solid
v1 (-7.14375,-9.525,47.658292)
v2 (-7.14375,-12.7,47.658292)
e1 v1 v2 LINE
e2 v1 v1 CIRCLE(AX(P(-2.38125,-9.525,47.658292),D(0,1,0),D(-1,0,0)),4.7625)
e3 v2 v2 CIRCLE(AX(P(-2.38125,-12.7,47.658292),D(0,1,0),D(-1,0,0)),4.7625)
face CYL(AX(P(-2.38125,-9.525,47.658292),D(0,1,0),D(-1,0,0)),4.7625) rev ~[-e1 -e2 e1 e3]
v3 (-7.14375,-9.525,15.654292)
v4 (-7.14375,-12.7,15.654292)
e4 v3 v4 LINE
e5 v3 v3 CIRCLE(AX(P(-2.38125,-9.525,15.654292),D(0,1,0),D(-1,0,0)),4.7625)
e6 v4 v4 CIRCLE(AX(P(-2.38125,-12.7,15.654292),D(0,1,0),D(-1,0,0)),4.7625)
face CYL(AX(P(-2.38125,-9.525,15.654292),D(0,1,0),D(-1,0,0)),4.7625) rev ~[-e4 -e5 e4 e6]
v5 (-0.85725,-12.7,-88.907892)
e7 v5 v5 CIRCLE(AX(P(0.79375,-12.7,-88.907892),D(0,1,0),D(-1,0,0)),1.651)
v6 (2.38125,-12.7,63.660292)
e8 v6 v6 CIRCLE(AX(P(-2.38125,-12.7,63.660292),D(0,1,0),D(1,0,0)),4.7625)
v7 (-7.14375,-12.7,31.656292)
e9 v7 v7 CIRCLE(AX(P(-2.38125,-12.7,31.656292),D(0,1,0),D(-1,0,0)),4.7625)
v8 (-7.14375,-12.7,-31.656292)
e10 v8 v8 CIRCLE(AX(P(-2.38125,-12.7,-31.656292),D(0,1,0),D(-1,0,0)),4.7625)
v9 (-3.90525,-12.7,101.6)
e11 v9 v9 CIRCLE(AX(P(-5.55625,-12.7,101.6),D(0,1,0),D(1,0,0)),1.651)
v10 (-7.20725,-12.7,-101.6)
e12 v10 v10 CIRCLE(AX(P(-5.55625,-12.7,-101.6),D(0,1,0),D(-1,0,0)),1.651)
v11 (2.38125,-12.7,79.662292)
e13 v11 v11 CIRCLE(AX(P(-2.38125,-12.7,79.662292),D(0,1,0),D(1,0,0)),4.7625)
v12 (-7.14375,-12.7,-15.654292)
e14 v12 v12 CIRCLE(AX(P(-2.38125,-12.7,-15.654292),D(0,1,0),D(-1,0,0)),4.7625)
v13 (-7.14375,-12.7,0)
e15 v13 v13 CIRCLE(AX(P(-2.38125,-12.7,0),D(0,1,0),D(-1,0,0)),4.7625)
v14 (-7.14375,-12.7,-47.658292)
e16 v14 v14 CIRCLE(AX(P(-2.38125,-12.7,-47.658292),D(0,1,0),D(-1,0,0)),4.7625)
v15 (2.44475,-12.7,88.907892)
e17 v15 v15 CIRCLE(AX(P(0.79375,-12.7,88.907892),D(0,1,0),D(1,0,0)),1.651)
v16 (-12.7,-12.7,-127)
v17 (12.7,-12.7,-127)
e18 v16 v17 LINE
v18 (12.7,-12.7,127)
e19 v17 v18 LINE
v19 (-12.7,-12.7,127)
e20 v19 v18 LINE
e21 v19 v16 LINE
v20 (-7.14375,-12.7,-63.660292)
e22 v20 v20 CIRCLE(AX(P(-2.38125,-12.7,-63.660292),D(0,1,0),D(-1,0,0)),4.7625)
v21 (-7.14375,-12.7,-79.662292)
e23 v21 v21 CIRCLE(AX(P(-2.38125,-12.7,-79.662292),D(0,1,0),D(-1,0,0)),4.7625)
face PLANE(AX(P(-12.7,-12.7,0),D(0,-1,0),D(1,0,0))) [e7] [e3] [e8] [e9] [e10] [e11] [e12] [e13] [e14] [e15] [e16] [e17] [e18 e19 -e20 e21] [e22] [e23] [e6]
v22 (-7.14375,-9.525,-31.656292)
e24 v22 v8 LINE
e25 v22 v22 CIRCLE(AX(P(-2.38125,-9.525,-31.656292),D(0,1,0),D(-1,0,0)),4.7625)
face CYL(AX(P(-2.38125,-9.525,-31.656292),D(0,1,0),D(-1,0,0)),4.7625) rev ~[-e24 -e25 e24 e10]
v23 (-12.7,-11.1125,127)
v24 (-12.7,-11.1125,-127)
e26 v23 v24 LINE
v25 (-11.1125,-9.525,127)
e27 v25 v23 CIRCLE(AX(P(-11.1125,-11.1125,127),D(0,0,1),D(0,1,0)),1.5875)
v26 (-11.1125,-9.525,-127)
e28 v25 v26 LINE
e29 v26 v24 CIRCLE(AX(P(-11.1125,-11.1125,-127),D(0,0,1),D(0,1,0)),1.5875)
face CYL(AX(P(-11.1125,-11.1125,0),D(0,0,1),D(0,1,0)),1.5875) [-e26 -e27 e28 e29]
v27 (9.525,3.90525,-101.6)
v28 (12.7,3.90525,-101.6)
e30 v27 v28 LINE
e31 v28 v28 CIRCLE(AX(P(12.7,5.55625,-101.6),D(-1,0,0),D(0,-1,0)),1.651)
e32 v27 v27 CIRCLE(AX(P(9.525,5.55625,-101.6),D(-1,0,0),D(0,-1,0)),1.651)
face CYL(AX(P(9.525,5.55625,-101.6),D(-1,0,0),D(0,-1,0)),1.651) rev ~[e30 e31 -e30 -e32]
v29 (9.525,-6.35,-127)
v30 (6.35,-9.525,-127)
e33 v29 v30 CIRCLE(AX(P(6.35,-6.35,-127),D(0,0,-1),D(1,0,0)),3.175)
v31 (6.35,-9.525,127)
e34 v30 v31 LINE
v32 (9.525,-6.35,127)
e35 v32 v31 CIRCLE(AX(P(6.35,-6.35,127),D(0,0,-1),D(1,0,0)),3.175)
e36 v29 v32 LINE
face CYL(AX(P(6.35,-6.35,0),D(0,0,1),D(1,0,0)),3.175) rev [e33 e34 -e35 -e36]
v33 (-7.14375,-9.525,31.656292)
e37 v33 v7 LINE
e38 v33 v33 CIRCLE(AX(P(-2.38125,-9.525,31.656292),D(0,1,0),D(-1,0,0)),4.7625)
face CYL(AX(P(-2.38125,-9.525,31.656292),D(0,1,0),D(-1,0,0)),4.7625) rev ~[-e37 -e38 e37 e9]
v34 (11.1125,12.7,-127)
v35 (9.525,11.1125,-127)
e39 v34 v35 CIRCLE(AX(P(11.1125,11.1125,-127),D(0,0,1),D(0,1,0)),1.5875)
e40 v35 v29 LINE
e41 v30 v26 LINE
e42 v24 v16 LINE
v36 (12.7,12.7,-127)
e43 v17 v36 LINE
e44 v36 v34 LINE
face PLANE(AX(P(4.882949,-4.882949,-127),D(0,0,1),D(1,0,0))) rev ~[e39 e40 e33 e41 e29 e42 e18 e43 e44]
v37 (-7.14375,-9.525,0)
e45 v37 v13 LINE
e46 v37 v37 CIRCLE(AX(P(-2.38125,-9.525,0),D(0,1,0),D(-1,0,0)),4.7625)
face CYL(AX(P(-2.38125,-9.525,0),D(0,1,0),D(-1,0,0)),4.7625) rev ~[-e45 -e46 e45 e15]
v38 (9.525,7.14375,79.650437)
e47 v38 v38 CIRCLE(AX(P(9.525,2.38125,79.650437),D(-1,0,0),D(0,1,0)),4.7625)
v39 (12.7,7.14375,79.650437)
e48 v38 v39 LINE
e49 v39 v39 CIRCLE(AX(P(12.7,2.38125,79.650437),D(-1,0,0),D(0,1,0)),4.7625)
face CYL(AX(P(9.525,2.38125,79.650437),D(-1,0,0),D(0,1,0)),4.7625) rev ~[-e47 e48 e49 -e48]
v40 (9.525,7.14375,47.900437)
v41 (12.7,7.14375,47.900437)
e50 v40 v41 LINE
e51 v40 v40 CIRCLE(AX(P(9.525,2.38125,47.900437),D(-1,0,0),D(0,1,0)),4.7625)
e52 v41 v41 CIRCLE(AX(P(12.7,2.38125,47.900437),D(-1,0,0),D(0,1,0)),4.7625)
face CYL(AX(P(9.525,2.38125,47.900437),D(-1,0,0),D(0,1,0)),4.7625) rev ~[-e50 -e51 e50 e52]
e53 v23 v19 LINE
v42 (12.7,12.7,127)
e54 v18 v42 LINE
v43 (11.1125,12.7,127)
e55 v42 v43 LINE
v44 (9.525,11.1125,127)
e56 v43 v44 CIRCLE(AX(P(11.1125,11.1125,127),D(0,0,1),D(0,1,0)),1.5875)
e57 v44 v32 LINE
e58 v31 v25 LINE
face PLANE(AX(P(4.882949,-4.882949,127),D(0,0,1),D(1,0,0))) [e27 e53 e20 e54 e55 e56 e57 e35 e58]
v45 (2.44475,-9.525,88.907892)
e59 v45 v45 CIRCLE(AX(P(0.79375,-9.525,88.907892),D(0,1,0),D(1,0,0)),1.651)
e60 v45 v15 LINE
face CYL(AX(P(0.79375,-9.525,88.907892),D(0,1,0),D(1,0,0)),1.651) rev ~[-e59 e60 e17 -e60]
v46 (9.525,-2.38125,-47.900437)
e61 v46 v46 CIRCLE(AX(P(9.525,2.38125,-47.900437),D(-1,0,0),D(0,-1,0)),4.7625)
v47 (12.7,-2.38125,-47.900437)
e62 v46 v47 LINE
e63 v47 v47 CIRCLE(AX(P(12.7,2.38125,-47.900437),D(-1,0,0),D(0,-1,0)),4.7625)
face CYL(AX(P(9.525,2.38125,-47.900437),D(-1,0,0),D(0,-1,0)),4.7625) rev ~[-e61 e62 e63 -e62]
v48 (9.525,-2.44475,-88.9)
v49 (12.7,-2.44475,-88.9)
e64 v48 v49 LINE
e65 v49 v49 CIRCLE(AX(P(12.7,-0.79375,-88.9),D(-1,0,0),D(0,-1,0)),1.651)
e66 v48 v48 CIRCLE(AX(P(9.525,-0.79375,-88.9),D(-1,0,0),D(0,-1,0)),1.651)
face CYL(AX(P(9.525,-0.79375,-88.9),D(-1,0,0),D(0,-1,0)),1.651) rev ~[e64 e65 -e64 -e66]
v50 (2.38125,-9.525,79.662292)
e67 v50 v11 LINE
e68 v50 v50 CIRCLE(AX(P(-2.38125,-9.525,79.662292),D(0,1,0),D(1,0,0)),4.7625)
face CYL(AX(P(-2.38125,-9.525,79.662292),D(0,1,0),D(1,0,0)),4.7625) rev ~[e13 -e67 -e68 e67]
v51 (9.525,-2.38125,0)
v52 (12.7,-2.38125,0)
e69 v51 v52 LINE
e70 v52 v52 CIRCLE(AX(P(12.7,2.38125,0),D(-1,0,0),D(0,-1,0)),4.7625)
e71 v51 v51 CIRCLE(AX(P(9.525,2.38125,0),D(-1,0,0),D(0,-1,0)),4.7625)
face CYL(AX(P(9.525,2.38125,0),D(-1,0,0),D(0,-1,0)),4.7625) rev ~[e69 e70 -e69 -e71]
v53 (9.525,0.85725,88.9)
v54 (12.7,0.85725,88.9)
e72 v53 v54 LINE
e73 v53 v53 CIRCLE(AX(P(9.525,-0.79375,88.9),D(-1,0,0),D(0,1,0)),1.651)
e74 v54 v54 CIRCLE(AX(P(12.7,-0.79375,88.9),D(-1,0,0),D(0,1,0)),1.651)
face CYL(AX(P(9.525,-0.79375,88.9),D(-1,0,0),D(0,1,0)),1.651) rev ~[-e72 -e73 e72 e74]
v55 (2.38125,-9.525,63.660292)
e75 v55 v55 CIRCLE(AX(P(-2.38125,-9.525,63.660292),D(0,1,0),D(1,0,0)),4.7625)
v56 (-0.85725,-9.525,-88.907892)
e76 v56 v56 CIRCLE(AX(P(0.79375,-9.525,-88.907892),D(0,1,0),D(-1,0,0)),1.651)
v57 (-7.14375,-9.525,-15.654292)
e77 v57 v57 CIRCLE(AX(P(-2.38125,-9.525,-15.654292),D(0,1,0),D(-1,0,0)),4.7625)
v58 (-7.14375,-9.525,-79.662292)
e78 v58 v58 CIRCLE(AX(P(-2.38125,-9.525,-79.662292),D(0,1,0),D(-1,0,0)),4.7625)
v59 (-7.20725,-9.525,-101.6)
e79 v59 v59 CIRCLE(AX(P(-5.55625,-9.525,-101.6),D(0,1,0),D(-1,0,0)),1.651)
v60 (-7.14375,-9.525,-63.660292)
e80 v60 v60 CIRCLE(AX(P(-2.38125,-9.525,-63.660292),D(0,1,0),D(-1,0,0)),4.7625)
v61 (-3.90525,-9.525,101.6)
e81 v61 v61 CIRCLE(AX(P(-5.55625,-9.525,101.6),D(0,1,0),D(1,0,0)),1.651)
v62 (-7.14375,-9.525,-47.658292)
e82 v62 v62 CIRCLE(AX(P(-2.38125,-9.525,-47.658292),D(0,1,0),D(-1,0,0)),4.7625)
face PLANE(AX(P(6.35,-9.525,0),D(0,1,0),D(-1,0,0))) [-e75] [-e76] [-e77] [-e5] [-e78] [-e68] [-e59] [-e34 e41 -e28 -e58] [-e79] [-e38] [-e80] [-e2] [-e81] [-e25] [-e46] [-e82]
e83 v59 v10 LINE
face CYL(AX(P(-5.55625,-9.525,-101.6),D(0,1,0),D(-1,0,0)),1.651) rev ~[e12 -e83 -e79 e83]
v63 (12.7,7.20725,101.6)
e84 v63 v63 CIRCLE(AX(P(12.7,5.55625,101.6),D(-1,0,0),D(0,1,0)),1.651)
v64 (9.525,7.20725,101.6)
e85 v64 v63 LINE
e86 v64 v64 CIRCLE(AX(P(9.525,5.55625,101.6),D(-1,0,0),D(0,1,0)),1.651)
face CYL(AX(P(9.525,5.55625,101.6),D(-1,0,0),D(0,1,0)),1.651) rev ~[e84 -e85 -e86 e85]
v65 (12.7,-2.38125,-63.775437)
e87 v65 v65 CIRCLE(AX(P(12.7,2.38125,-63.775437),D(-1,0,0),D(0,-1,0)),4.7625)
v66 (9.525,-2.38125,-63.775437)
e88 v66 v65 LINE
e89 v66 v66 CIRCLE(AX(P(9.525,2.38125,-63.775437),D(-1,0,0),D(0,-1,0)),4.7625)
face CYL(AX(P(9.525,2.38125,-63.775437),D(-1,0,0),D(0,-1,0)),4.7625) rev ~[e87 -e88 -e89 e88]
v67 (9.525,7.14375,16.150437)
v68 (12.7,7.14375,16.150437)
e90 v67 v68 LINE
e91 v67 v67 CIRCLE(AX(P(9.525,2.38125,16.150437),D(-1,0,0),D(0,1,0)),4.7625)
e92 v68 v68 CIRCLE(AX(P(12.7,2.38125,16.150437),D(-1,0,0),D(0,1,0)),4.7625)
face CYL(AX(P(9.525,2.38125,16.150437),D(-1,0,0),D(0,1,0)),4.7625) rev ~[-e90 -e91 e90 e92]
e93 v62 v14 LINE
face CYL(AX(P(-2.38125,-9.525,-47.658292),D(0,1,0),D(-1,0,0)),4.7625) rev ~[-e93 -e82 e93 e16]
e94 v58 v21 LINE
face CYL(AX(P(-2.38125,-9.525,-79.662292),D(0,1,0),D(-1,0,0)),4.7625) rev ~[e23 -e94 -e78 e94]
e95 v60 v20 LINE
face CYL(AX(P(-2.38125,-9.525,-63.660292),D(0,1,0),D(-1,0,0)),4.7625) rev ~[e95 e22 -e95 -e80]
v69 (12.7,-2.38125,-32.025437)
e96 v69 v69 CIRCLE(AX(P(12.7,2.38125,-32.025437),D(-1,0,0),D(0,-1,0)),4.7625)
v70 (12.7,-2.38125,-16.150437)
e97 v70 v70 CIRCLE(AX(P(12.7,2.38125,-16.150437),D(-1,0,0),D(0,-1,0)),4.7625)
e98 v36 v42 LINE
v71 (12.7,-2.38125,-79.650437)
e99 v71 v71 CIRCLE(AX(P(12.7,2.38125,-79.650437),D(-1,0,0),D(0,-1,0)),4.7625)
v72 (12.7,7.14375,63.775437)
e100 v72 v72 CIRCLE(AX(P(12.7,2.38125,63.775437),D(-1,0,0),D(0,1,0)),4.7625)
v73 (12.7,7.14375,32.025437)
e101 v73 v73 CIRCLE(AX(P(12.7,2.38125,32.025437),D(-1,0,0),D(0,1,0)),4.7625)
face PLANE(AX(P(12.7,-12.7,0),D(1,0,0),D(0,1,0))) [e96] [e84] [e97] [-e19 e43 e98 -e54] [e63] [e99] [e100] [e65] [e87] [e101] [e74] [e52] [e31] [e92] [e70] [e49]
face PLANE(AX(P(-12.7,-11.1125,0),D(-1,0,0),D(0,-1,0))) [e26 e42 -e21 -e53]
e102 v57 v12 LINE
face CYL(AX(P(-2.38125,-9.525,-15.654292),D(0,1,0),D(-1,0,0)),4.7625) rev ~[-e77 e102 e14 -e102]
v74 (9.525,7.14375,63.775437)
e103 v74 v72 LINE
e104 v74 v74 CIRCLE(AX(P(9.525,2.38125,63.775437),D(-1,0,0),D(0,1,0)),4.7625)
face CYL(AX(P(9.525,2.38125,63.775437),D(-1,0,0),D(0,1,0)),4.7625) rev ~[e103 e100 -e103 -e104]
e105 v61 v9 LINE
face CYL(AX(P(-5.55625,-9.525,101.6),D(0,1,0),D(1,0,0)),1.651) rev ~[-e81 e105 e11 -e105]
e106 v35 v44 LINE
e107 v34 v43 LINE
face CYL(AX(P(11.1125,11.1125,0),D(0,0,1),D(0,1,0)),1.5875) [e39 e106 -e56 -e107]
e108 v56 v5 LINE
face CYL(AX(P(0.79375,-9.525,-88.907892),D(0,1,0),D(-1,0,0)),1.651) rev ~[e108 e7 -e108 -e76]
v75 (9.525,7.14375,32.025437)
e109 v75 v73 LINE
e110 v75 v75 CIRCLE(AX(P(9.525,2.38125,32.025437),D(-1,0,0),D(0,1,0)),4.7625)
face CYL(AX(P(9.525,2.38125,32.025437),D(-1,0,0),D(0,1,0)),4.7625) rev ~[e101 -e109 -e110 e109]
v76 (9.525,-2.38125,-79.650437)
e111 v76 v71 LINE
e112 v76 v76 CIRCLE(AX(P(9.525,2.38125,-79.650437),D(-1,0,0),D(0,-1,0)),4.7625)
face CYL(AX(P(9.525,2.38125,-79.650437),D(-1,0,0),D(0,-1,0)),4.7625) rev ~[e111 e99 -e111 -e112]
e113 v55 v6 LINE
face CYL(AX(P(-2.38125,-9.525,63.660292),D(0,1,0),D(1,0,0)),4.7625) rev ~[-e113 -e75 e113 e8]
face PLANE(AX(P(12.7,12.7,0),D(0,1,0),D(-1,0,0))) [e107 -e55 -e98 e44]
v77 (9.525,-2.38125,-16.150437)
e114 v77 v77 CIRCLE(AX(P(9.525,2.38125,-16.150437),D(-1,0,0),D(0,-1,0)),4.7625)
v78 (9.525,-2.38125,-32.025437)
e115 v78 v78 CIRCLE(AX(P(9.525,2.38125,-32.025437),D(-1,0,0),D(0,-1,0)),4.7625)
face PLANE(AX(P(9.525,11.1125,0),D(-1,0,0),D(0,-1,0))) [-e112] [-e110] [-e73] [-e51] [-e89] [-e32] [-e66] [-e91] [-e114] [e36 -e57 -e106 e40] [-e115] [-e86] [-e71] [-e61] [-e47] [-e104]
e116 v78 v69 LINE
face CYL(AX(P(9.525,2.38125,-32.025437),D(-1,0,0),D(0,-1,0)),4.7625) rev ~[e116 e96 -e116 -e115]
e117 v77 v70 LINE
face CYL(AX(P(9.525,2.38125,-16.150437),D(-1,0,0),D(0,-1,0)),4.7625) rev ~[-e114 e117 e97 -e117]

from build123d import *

# Parameters (mm, degrees)
BOSS_EXTRUDE1_DEPTH = 127
SKETCH4_R           = 1.651
SKETCH4_R_2         = 4.7625
CUT_EXTRUDE1_DEPTH  = 130.554006596
SKETCH5_R           = 1.651
SKETCH5_R_2         = 4.7625
CUT_EXTRUDE2_DEPTH  = 130.554006596


with BuildPart() as part:
    # Sketch2 → Boss-Extrude1 (new, symmetric)
    with BuildSketch(Plane.XY):
        with BuildLine():
            Line((-12.7, -12.7), (12.7, -12.7))
            Line((12.7, -12.7), (12.7, 12.7))
            Line((12.7, 12.7), (11.1125, 12.7))
            ThreePointArc((11.1125, 12.7), (9.989967985, 12.235032015), (9.525, 11.1125))
            Line((9.525, 11.1125), (9.525, -6.35))
            ThreePointArc((9.525, -6.35), (8.59506403, -8.59506403), (6.35, -9.525))
            Line((6.35, -9.525), (-11.1125, -9.525))
            ThreePointArc((-11.1125, -9.525), (-12.235032015, -9.989967985), (-12.7, -11.1125))
            Line((-12.7, -11.1125), (-12.7, -12.7))
        make_face()
    extrude(amount=BOSS_EXTRUDE1_DEPTH, both=True)

    # Sketch4 → Cut-Extrude1 (cut, through all)
    with BuildSketch(Plane(origin=(0, -9.525, 0), x_dir=(1, 0, 0), z_dir=(0, 1, 0))):
        with Locations(Location((-5.55625, 101.6, 0), (0, 0, 180))):
            Circle(SKETCH4_R)
        with Locations(Location((0.79375, 88.907891862, 0), (0, 0, 180))):
            Circle(SKETCH4_R)
        with Locations((0.79375, -88.907891862)):
            Circle(SKETCH4_R)
        with Locations((-5.55625, -101.6)):
            Circle(SKETCH4_R)
        with Locations(Location((-2.38125, 79.662291862, 0), (0, 0, 180))):
            Circle(SKETCH4_R_2)
        with Locations(Location((-2.38125, 63.660291862, 0), (0, 0, 180))):
            Circle(SKETCH4_R_2)
        with Locations(Location((-2.38125, 47.658291862, 0), (0, 0, 180))):
            Circle(SKETCH4_R_2)
        with Locations(Location((-2.38125, 31.656291862, 0), (0, 0, 180))):
            Circle(SKETCH4_R_2)
        with Locations(Location((-2.38125, 15.654291862, 0), (0, 0, 180))):
            Circle(SKETCH4_R_2)
        with Locations(Location((-2.38125, 0, 0), (0, 0, 180))):
            Circle(SKETCH4_R_2)
        with Locations(Location((-2.38125, -15.654291862, 0), (0, 0, 180))):
            Circle(SKETCH4_R_2)
        with Locations(Location((-2.38125, -31.656291862, 0), (0, 0, 180))):
            Circle(SKETCH4_R_2)
        with Locations(Location((-2.38125, -47.658291862, 0), (0, 0, 180))):
            Circle(SKETCH4_R_2)
        with Locations((-2.38125, -63.660291862)):
            Circle(SKETCH4_R_2)
        with Locations((-2.38125, -79.662291862)):
            Circle(SKETCH4_R_2)
    extrude(amount=-CUT_EXTRUDE1_DEPTH, mode=Mode.SUBTRACT)

    # Sketch5 → Cut-Extrude2 (cut, through all)
    with BuildSketch(Plane.ZY.offset(-9.525)):
        with Locations(Location((-88.9, -0.79375, 0), (0, 0, 270))):
            Circle(SKETCH5_R)
        with Locations(Location((-101.6, 5.55625, 0), (0, 0, 270))):
            Circle(SKETCH5_R)
        with Locations(Location((88.9, -0.79375, 0), (0, 0, 90))):
            Circle(SKETCH5_R)
        with Locations(Location((101.6, 5.55625, 0), (0, 0, 90))):
            Circle(SKETCH5_R)
        with Locations(Location((-79.650437411, 2.38125, 0), (0, 0, 270))):
            Circle(SKETCH5_R_2)
        with Locations(Location((-63.775437411, 2.38125, 0), (0, 0, 270))):
            Circle(SKETCH5_R_2)
        with Locations(Location((-47.900437411, 2.38125, 0), (0, 0, 270))):
            Circle(SKETCH5_R_2)
        with Locations(Location((-32.025437411, 2.38125, 0), (0, 0, 270))):
            Circle(SKETCH5_R_2)
        with Locations(Location((-16.150437411, 2.38125, 0), (0, 0, 270))):
            Circle(SKETCH5_R_2)
        with Locations(Location((0, 2.38125, 0), (0, 0, 270))):
            Circle(SKETCH5_R_2)
        with Locations(Location((16.150437411, 2.38125, 0), (0, 0, 90))):
            Circle(SKETCH5_R_2)
        with Locations(Location((32.025437411, 2.38125, 0), (0, 0, 90))):
            Circle(SKETCH5_R_2)
        with Locations(Location((47.900437411, 2.38125, 0), (0, 0, 90))):
            Circle(SKETCH5_R_2)
        with Locations(Location((63.775437411, 2.38125, 0), (0, 0, 90))):
            Circle(SKETCH5_R_2)
        with Locations(Location((79.650437411, 2.38125, 0), (0, 0, 90))):
            Circle(SKETCH5_R_2)
    extrude(amount=-CUT_EXTRUDE2_DEPTH, mode=Mode.SUBTRACT)


solid = part.part
